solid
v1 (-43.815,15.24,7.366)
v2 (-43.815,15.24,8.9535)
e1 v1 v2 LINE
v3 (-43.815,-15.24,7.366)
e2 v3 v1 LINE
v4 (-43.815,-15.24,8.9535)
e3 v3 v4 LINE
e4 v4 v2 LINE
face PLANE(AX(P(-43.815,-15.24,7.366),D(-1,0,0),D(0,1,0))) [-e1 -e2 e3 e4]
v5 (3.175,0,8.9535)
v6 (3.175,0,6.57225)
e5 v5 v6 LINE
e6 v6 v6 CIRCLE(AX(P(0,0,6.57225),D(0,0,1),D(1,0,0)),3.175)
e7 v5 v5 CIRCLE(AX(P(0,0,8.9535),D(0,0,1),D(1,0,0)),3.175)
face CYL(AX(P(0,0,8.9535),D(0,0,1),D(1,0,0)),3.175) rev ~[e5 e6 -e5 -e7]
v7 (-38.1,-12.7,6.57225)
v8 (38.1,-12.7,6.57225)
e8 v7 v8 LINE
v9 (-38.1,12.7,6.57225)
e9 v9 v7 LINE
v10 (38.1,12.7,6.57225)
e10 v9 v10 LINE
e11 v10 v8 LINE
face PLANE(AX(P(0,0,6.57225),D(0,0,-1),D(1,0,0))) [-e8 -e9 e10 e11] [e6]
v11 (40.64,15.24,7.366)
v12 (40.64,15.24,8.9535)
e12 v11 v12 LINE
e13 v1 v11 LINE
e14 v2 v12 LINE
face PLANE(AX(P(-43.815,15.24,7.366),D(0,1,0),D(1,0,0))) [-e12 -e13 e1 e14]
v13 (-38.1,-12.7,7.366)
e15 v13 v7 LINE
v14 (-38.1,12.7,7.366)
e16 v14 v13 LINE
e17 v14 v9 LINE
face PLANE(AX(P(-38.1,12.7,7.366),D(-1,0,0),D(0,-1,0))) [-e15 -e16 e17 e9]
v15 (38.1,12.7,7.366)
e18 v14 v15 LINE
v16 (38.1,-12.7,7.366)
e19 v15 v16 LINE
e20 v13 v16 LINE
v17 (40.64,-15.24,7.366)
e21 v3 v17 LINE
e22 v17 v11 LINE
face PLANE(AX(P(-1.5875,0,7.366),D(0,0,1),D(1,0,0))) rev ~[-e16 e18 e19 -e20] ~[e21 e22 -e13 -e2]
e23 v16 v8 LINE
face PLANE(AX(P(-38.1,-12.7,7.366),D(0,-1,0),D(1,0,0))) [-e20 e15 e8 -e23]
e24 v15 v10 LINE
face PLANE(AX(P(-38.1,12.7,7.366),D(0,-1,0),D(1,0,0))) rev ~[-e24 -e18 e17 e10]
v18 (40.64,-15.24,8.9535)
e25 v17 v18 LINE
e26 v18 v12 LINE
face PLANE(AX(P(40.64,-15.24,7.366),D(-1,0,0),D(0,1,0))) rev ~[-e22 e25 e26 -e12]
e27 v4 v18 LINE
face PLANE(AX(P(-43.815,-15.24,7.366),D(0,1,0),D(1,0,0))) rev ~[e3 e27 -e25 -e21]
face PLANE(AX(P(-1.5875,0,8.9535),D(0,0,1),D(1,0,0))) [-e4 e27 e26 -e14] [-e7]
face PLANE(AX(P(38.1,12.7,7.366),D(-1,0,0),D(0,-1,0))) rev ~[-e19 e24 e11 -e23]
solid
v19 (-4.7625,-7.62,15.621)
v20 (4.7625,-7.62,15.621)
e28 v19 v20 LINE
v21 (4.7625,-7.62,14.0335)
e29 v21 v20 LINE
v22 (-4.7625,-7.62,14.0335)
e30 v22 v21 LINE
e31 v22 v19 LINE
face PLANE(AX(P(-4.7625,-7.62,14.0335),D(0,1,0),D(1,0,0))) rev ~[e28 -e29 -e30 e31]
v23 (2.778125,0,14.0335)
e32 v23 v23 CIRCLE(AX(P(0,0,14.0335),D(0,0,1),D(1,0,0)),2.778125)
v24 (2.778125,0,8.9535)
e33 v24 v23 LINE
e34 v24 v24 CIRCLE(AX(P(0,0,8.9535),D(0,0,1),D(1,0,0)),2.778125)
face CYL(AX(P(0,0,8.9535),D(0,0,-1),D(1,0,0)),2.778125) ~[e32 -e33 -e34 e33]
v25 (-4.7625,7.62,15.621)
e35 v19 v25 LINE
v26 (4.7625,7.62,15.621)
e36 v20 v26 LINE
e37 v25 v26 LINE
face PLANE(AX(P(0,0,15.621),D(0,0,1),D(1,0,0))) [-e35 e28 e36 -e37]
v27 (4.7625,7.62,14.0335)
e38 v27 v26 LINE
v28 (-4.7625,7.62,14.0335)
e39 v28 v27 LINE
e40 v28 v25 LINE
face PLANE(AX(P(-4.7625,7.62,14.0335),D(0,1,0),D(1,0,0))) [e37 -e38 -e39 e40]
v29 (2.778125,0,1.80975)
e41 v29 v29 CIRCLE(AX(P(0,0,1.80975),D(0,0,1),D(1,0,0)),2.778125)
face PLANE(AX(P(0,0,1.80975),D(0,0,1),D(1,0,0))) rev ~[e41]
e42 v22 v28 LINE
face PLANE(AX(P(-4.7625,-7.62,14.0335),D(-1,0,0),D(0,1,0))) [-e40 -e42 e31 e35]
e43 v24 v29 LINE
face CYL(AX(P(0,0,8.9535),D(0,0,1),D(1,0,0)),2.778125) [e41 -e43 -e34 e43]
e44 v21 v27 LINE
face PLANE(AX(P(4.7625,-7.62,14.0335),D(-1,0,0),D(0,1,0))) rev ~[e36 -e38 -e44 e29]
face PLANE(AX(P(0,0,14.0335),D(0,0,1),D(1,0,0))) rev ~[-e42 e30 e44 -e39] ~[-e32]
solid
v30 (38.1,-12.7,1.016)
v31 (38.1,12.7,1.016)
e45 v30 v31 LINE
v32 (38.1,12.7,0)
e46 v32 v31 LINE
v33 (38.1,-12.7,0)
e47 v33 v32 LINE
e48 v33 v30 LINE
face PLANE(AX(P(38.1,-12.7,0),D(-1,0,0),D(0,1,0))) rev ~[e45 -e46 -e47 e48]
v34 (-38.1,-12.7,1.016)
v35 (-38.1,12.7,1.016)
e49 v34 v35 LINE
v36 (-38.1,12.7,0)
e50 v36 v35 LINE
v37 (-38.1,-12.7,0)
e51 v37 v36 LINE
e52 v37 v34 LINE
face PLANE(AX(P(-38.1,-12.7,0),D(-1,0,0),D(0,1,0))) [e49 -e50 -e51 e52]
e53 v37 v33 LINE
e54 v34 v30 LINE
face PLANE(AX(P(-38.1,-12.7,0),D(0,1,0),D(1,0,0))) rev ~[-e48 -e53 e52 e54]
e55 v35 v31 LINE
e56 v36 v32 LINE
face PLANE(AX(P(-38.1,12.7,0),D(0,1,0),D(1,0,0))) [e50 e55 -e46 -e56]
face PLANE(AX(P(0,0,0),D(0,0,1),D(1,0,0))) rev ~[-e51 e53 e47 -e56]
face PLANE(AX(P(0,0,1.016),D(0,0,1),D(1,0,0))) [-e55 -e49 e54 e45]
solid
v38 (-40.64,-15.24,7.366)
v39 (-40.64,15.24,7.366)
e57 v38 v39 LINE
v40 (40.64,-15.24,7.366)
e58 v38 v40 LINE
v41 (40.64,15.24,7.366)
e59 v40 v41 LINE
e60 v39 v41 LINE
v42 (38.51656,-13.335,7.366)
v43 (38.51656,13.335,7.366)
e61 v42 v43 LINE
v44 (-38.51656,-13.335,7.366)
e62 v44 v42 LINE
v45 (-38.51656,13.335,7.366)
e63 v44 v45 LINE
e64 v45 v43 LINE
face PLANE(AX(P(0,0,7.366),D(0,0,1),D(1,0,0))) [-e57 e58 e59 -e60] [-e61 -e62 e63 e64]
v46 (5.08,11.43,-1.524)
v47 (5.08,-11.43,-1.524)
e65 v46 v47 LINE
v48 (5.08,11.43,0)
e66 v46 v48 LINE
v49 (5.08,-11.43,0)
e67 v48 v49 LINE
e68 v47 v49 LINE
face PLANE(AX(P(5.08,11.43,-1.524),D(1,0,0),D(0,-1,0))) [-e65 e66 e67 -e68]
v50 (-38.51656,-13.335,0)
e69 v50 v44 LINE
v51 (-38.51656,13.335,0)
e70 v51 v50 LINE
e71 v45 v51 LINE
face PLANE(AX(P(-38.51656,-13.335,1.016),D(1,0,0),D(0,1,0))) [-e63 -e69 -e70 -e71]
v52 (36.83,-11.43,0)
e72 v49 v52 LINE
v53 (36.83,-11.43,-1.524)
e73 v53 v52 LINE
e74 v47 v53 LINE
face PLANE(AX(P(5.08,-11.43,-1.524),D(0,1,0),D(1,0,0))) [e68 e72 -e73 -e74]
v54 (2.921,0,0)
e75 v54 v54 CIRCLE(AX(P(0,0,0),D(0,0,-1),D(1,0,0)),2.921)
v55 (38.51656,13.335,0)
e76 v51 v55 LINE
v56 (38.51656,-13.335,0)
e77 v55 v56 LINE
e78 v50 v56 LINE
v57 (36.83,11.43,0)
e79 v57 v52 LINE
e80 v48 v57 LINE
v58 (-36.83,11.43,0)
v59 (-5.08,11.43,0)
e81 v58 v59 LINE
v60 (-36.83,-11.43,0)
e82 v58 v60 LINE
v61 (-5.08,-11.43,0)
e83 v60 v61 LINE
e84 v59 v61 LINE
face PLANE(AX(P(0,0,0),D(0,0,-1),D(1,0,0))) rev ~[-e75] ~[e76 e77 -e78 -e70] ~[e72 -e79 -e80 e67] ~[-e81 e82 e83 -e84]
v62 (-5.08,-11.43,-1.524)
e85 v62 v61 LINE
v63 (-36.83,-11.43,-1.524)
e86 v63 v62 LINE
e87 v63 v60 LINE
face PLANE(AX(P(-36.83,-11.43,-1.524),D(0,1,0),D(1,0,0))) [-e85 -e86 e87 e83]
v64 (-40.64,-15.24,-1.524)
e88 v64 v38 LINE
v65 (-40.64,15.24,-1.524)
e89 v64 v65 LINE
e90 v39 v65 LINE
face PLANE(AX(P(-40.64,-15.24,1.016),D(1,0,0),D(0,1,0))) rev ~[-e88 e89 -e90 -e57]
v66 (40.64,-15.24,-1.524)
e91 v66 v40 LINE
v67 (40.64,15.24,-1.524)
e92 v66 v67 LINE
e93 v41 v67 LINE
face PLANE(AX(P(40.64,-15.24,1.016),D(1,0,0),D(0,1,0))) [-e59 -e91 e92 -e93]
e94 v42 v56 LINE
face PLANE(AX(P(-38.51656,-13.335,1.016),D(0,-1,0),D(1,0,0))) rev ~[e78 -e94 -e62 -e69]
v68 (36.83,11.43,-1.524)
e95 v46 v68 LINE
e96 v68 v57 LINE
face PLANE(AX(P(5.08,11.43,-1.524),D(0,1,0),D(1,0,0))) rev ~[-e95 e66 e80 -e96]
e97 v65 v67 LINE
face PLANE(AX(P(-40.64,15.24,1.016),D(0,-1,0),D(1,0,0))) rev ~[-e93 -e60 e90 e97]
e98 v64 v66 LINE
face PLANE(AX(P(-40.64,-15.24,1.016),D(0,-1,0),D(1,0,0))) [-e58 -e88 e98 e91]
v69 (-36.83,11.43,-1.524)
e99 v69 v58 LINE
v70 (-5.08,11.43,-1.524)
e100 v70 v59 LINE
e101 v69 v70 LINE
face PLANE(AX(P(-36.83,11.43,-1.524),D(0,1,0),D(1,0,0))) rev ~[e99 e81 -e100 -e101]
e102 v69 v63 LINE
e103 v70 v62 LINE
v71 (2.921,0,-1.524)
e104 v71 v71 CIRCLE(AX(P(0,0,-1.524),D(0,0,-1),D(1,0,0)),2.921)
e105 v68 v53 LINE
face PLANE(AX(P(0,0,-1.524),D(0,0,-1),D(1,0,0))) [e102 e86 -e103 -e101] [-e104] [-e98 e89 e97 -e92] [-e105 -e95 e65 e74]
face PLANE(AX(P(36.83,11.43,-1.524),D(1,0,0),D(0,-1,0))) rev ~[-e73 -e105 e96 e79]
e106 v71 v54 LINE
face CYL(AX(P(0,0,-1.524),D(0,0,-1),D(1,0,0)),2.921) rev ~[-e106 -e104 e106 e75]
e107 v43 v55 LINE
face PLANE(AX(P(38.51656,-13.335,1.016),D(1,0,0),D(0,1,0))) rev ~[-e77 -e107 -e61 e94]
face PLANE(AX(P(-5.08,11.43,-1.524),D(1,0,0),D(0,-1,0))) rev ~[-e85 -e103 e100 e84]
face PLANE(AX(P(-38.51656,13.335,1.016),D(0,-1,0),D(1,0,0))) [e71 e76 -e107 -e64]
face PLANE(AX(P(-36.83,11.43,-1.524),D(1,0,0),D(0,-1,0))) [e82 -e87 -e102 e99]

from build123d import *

# Parameters (mm, degrees)
F0_W           = 76.2
F0_H           = 25.4
F1_DEPTH       = 1.016
F2_W           = 81.28
F2_H           = 30.48
F2_W_2         = 77.03312
F2_H_2         = 26.67
F3_DEPTH       = 6.35
F3_DEPTH_BACK  = 2.54
F4_W           = 77.03312
F4_H           = 26.67
F5_DEPTH       = 1.524
F6_W           = 84.455
F6_H           = 30.48
F7_DEPTH       = 1.5875
F8_W           = 76.2
F8_H           = 25.4
F9_DEPTH       = 0.79375
F10_R          = 3.175
F11_DEPTH      = 2.38125
F12_R          = 2.778125
F13_DEPTH      = 7.14375
F13_DEPTH_BACK = 5.08
F14_W          = 9.525
F14_H          = 15.24
F15_DEPTH      = 1.5875
F16_W          = 31.75
F16_H          = 22.86
F16_R          = 2.921
F17_DEPTH      = 1.524


with BuildPart() as f1:
    # F0 (on Top) → F1 (new body)
    with BuildSketch(Plane.XY):
        Rectangle(F0_W, F0_H)
    extrude(amount=F1_DEPTH)


with BuildPart() as f3:
    # F2 (on face) → F3 (new body, two sides)
    with BuildSketch(Plane.XY.offset(1.016)) as f3_sk:
        Rectangle(F2_W, F2_H)
        Rectangle(F2_W_2, F2_H_2, mode=Mode.SUBTRACT)
    extrude(amount=F3_DEPTH)
    extrude(f3_sk.sketch, amount=-F3_DEPTH_BACK)

    # F4 (on face) → F5 (join, through all)
    with BuildSketch(Plane(origin=(0, 0, -1.524), x_dir=(1, 0, 0), z_dir=(0, 0, -1))):
        Rectangle(F4_W, F4_H)
    extrude(amount=-F5_DEPTH)

    # F16 (on face) → F17 (cut, through all)
    with BuildSketch(Plane(origin=(0, 0, -1.524), x_dir=(1, 0, 0), z_dir=(0, 0, -1))):
        with Locations((20.955, 0)):
            Rectangle(F16_W, F16_H)
        with Locations((-20.955, 0)):
            Rectangle(F16_W, F16_H)
        Circle(F16_R)
    extrude(amount=-F17_DEPTH, mode=Mode.SUBTRACT)


with BuildPart() as f7:
    # F6 (on face) → F7 (new body)
    with BuildSketch(Plane.XY.offset(7.366)):
        with Locations((-1.5875, 0)):
            Rectangle(F6_W, F6_H)
    extrude(amount=F7_DEPTH)

    # F8 (on face) → F9 (join)
    with BuildSketch(Plane(origin=(0, 0, 7.366), x_dir=(1, 0, 0), z_dir=(0, 0, -1))):
        Rectangle(F8_W, F8_H)
    extrude(amount=F9_DEPTH)

    # F10 (on face) → F11 (cut, through all)
    with BuildSketch(Plane.XY.offset(8.9535)):
        Circle(F10_R)
    extrude(amount=-F11_DEPTH, mode=Mode.SUBTRACT)


with BuildPart() as f13:
    # F12 (on face) → F13 (new body, two sides)
    with BuildSketch(Plane.XY.offset(8.9535)) as f13_sk:
        Circle(F12_R)
    extrude(amount=-F13_DEPTH)
    extrude(f13_sk.sketch, amount=F13_DEPTH_BACK)

    # F14 (on face) → F15 (join)
    with BuildSketch(Plane.XY.offset(14.0335)):
        Rectangle(F14_W, F14_H)
    extrude(amount=F15_DEPTH)


solid = Compound([f1.part, f3.part, f7.part, f13.part])
